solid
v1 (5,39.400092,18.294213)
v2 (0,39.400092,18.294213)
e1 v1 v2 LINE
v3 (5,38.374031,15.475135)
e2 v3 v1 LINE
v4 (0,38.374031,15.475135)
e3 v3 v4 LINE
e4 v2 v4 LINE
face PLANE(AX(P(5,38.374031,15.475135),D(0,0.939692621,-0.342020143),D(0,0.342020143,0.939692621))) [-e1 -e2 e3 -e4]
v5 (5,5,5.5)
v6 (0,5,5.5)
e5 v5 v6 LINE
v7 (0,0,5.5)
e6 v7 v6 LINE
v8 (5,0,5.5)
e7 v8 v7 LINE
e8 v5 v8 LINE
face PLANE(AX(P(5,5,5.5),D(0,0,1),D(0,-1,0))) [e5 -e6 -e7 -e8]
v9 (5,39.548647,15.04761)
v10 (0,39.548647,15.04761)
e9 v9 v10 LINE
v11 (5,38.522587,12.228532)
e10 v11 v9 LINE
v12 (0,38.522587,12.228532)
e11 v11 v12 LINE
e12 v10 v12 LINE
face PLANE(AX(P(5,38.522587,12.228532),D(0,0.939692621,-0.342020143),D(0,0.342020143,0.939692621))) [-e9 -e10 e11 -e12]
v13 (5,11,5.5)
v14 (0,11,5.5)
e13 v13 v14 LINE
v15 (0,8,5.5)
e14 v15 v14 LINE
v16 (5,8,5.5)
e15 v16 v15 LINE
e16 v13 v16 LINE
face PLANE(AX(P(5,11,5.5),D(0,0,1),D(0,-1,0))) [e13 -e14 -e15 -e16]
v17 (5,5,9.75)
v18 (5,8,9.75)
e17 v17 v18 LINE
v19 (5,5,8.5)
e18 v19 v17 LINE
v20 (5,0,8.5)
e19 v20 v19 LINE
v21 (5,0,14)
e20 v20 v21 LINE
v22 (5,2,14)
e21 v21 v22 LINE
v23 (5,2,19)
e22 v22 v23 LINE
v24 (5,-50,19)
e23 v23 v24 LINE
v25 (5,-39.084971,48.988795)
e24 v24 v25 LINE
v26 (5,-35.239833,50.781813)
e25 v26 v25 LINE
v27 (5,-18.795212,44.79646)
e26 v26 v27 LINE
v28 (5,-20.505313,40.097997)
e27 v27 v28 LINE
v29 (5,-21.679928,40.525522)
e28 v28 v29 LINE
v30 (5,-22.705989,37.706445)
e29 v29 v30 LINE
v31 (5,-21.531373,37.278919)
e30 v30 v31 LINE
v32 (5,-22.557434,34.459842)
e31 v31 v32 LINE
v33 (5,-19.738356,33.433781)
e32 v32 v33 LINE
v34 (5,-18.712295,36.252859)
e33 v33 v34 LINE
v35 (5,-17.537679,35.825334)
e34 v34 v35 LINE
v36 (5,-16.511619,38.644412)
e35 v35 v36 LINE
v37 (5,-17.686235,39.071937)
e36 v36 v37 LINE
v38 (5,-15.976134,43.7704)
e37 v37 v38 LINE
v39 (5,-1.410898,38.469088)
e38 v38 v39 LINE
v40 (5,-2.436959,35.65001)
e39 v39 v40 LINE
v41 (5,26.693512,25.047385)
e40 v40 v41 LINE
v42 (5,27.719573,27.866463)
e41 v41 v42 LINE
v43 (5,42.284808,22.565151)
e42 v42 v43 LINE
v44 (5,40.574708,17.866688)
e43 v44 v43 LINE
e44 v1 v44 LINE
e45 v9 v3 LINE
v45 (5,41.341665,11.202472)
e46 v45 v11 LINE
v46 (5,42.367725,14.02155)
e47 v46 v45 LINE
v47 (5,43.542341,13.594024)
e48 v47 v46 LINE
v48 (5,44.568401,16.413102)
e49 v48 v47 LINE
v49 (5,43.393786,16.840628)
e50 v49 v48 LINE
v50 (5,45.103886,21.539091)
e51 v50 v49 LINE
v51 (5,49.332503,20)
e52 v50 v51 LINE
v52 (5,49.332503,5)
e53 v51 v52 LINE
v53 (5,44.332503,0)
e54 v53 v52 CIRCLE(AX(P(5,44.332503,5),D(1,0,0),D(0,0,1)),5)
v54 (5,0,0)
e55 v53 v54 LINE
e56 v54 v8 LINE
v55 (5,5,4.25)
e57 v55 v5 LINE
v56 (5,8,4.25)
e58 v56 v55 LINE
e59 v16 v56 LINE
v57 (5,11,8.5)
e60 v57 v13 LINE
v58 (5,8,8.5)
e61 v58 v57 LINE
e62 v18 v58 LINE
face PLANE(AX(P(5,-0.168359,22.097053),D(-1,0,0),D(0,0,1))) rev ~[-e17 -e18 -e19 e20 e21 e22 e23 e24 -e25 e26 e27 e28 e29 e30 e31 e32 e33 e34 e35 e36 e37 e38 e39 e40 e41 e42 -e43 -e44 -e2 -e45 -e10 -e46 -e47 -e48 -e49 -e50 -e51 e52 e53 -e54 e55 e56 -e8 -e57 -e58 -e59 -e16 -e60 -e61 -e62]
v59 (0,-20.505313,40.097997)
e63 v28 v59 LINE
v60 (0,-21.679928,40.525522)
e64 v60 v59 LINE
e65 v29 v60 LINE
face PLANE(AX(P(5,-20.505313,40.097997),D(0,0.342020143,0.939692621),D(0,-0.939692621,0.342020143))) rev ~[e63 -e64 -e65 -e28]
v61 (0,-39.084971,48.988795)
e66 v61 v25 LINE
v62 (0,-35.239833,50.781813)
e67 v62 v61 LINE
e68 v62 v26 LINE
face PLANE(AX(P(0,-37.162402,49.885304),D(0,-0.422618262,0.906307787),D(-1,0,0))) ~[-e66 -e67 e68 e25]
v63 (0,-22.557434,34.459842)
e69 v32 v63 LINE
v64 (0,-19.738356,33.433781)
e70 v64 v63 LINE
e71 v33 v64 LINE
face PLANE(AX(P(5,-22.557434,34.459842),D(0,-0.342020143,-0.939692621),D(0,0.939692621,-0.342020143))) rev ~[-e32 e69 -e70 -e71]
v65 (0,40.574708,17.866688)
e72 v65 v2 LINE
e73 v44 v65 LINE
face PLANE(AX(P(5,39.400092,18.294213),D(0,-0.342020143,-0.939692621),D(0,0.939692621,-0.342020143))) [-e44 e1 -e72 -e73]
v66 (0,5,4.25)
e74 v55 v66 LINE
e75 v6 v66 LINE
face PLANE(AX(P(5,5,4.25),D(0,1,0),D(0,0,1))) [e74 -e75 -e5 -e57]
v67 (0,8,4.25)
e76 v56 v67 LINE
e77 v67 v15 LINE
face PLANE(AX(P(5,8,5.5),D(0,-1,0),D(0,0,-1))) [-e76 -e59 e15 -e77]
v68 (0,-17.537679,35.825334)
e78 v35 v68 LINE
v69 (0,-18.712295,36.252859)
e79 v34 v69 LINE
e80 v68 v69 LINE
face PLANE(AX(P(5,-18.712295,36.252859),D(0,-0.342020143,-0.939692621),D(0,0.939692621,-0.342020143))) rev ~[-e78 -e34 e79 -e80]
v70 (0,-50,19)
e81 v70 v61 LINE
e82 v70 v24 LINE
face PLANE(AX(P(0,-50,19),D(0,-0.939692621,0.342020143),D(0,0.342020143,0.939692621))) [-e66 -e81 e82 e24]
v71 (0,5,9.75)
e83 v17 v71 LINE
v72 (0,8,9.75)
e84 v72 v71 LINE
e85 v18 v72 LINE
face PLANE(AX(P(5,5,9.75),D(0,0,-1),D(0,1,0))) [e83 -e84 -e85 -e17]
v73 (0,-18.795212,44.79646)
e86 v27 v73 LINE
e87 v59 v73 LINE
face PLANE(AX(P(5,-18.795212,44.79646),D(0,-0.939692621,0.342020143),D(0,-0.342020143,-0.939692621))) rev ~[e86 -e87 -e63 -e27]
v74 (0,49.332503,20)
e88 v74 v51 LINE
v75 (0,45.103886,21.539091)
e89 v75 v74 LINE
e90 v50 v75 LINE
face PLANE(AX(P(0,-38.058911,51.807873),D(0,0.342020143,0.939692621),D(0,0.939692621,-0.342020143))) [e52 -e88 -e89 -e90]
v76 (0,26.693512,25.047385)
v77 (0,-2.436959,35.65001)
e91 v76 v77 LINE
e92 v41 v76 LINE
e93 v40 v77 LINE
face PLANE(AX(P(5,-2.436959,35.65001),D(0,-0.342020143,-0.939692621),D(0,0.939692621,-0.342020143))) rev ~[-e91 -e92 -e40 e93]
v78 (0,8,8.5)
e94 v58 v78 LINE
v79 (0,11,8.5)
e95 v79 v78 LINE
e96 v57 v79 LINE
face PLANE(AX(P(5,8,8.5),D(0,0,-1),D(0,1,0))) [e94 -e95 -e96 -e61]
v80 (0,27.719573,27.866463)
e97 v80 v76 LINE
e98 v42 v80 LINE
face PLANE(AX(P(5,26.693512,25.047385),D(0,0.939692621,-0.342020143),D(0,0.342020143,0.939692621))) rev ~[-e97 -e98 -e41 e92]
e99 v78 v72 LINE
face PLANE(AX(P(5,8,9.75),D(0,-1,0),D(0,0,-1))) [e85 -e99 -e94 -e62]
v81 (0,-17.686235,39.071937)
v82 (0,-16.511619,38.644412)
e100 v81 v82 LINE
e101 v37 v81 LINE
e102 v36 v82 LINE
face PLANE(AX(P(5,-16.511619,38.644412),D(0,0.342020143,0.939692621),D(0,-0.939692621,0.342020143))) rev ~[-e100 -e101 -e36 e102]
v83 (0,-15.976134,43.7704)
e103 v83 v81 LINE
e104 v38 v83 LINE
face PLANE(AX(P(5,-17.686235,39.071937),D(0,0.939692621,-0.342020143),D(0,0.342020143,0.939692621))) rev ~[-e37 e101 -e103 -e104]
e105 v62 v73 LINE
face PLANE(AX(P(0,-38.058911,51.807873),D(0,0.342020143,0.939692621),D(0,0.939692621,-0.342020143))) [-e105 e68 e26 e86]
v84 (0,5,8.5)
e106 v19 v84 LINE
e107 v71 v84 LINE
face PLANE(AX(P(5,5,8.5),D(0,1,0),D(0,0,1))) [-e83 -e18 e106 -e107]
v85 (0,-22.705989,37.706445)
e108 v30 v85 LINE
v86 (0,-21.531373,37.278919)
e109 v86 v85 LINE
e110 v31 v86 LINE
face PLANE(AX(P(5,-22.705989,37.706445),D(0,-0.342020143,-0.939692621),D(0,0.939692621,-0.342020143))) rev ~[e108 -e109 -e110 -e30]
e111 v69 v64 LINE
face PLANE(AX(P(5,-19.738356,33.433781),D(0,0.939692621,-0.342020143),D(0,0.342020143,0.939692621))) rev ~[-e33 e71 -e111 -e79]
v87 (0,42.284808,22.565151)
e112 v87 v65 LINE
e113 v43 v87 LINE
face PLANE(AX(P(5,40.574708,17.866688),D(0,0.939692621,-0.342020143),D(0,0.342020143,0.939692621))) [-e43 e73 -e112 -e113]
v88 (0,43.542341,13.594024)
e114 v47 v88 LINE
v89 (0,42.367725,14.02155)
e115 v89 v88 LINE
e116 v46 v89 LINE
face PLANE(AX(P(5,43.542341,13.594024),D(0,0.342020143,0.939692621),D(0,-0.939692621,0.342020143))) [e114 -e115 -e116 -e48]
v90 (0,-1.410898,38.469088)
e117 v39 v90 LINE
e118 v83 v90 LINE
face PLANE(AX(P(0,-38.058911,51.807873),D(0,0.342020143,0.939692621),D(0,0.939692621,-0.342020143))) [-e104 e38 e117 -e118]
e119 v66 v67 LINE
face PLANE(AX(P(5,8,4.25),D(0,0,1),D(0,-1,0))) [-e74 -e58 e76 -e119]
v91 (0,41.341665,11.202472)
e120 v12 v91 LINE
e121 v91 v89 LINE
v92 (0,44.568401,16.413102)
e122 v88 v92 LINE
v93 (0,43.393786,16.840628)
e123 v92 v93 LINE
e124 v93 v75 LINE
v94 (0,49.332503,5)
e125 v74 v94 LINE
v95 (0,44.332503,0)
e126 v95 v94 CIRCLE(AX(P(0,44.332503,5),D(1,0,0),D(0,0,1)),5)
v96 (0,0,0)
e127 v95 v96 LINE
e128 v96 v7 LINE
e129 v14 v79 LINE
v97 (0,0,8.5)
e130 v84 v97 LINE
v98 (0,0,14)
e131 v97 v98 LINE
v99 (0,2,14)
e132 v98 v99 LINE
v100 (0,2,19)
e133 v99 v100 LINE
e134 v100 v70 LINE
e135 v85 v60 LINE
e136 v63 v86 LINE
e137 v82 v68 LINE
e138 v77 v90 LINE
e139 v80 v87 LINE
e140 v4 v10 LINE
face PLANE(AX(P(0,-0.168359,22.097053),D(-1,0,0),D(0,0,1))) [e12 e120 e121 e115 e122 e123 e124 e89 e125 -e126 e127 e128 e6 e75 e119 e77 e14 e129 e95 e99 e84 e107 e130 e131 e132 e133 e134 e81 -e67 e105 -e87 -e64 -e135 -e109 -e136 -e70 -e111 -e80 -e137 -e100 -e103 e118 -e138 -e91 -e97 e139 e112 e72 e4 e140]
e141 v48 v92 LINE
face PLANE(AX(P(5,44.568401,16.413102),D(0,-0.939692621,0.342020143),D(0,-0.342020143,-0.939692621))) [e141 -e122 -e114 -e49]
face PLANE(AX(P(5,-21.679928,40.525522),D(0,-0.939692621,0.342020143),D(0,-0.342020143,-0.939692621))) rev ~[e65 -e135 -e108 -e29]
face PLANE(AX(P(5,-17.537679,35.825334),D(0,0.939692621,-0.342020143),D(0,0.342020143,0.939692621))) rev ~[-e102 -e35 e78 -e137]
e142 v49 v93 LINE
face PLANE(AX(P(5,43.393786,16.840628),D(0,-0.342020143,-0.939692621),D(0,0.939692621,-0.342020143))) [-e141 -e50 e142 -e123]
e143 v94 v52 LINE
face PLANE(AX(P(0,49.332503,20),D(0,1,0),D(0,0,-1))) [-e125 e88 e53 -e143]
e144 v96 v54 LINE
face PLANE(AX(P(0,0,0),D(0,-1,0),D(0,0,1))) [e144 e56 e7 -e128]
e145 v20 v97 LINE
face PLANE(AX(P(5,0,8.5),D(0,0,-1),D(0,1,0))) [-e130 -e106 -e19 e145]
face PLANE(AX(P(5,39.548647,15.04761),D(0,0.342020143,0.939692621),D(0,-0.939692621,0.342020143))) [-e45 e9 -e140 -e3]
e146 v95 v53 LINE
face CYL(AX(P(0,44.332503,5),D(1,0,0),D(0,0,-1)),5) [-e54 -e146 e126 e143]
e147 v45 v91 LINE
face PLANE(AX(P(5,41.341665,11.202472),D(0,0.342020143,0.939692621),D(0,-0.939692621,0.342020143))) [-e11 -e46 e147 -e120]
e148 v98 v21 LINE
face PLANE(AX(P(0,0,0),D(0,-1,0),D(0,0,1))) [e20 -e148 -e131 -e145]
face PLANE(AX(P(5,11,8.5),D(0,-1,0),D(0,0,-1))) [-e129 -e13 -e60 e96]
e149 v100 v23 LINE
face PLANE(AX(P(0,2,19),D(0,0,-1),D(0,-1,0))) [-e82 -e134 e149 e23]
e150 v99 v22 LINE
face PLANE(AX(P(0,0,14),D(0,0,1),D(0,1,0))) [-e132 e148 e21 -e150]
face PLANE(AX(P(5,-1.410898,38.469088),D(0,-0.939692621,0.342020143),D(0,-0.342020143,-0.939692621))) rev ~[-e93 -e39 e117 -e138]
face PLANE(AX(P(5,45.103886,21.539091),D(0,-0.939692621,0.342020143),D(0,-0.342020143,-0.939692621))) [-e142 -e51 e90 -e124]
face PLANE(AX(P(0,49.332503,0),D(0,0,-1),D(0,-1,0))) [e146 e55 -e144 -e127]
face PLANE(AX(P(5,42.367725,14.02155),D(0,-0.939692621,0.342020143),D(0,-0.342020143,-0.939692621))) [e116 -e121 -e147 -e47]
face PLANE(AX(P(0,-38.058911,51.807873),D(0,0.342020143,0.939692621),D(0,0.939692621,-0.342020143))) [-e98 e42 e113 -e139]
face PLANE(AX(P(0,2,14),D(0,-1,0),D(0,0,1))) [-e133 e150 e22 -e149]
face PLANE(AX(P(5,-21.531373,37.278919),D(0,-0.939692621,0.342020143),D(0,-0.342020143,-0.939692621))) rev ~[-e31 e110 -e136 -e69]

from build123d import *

# Parameters (mm, degrees)
BOSS_EXTRUDE1_DEPTH = 5
CUT_EXTRUDE1_DEPTH  = 73.173788448
CHAMFER1_SIZE       = 3
FILLET1_R           = 5


with BuildPart() as part:
    # Sketch1 → Boss-Extrude1 (new body)
    with BuildSketch(Plane(origin=(0, 0, 0), x_dir=(0, 0, -1), z_dir=(1, 0, 0))):
        Polygon((0, 0), (-14, 0), (-14, 2), (-19, 2), (-19, -50), (-51.807873329, -38.058910659), (-20, 49.332503075), (0, 49.332503075), align=None)
    extrude(amount=BOSS_EXTRUDE1_DEPTH)

    # Sketch2 → Cut-Extrude1 (cut, through all)
    with BuildSketch(Plane(origin=(5, 0, 0), x_dir=(0, 0, -1), z_dir=(1, 0, 0))):
        Polygon((-21.539090645, 45.103886281), (-16.840627541, 43.393785564), (-16.413102362, 44.56840134), (-13.5940245, 43.54234091), (-14.021549679, 42.367725134), (-11.202471816, 41.341664704), (-12.228532246, 38.522586842), (-15.047610109, 39.548647272), (-15.475135288, 38.374031496), (-18.29421315, 39.400091926), (-17.866687971, 40.574707702), (-22.565151075, 42.284808419), align=None)
        Polygon((-43.770399961, -15.97613407), (-44.796460391, -18.795211932), (-40.097997287, -20.505312649), (-40.525522466, -21.679928425), (-37.706444604, -22.705988855), (-37.278919425, -21.531373079), (-34.459841562, -22.557433509), (-33.433781132, -19.738355647), (-36.252858995, -18.712295217), (-35.825333816, -17.537679441), (-38.644411678, -16.511619011), (-39.071936857, -17.686234787), align=None)
        Polygon((-27.866463296, 27.719572796), (-38.46908774, -1.410898448), (-35.650009877, -2.436958878), (-25.047385434, 26.693512366), align=None)
        Polygon((-8.5, 0), (-8.5, 5), (-9.75, 5), (-9.75, 8), (-8.5, 8), (-8.5, 11), (-5.5, 11), (-5.5, 8), (-4.25, 8), (-4.25, 5), (-5.5, 5), (-5.5, 0), align=None)
    extrude(amount=-CUT_EXTRUDE1_DEPTH, mode=Mode.SUBTRACT)

    # Chamfer1
    chamfer1_edges = [part.edges().sort_by_distance(p)[0] for p in [
        (2.5, -38.058910659, 51.807873329),
    ]]
    chamfer(chamfer1_edges, length=CHAMFER1_SIZE)

    # Fillet1
    fillet1_edges = [part.edges().sort_by_distance(p)[0] for p in [
        (2.5, 49.332503075, 0),
    ]]
    fillet(fillet1_edges, radius=FILLET1_R)


solid = part.part
